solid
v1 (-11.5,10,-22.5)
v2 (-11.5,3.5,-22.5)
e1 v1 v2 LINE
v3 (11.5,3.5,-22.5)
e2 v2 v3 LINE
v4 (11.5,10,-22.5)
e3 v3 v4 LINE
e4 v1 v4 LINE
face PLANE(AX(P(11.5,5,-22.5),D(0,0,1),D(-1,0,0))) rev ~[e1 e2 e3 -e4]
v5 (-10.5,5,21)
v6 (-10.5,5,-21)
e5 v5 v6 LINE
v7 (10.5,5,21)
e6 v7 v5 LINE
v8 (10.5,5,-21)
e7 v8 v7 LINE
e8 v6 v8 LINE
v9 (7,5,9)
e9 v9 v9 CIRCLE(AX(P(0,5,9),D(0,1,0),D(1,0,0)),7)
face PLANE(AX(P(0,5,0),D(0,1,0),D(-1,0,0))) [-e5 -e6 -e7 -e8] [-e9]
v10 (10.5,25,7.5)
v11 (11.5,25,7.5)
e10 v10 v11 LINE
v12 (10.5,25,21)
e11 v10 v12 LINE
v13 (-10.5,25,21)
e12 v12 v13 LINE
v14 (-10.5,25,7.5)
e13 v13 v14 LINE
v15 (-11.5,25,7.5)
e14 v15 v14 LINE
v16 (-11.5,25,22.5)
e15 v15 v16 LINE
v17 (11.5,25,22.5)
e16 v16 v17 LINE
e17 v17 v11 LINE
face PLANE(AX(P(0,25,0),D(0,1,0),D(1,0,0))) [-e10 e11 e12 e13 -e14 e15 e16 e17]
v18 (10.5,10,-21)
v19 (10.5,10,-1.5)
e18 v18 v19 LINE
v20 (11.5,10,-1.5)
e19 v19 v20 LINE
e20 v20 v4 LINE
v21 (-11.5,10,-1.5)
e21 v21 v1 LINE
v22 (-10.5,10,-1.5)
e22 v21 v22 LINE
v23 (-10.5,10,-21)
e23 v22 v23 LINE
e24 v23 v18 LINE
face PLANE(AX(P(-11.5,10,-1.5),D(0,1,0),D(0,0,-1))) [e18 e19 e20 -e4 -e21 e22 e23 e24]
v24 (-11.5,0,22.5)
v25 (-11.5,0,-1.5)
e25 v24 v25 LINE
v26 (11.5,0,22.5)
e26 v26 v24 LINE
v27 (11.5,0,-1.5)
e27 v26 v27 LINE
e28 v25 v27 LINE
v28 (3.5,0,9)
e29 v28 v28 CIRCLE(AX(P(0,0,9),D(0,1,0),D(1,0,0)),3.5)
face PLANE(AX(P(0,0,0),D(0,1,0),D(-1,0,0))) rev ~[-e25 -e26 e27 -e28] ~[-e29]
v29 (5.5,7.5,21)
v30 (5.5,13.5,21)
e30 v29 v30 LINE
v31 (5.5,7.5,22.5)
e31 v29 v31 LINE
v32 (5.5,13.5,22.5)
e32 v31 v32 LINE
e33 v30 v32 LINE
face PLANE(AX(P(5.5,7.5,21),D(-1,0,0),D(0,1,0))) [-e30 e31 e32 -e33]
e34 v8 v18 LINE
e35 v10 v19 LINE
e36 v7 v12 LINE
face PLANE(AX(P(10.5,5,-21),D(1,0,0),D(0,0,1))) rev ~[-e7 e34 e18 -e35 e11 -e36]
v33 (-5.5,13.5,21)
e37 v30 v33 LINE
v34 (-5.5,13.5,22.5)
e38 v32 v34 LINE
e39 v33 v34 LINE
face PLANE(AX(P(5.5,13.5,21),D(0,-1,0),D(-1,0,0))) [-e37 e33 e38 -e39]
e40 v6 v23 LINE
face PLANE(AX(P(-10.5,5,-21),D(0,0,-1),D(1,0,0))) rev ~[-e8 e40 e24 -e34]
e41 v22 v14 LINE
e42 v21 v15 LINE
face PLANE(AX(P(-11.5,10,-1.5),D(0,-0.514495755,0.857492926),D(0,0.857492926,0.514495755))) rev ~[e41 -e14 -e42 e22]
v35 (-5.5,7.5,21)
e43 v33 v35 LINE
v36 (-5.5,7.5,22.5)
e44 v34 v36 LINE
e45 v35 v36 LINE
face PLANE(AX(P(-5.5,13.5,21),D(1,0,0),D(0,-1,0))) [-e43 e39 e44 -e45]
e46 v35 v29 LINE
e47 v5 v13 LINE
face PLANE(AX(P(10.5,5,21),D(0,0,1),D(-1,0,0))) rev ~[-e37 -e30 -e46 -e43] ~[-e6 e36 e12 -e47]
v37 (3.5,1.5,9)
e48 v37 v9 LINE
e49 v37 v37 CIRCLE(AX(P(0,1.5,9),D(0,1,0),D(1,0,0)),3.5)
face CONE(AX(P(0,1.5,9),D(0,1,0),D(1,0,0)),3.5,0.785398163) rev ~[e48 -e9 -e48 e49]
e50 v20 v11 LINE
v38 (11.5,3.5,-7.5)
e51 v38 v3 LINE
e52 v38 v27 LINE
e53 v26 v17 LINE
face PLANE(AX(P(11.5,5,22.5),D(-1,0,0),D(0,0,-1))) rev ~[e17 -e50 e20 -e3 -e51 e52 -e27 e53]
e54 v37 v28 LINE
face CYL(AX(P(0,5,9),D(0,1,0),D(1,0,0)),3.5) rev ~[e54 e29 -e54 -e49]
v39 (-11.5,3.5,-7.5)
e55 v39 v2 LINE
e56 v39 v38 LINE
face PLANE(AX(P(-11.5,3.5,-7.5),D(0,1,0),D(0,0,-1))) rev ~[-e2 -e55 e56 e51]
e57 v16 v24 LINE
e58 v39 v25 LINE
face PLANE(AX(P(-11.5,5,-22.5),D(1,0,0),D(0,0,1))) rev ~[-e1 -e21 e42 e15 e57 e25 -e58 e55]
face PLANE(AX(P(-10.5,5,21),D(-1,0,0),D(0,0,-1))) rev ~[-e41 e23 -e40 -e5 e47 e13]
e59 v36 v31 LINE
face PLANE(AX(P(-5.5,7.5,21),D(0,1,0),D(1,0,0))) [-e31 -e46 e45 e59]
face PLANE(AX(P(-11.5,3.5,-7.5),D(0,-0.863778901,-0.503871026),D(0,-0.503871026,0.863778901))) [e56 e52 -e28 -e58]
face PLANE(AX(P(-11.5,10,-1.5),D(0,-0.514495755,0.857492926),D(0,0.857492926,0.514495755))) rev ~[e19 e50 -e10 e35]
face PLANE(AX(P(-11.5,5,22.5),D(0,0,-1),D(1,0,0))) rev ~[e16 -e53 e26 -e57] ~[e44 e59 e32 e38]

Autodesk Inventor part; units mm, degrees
ref_plane "YZ Plane" through (0, 0, 0) normal (1, 0, 0) x (0, 1, 0)
ref_plane "XZ Plane" through (0, 0, 0) normal (0, 1, 0) x (-1, 0, 0)
ref_plane "XY Plane" through (0, 0, 0) normal (0, 0, 1) x (1, 0, 0)
sketch "Esquisse1" plane through (0, 0, 0) normal (0, 1, 0) x (-1, 0, 0)
  line L0 (-10.5, 21) -> (10.5, 21)
  line L1 (10.5, 21) -> (10.5, -21)
  line L2 (10.5, -21) -> (-10.5, -21)
  line L3 (-10.5, -21) -> (-10.5, 21)
  line L4 (10.5, -21) -> (11.5, -21)
  line L5 (11.5, -21) -> (11.5, 21)
  line L6 (11.5, 21) -> (10.5, 21)
  line L7 (10.5, 21) -> (10.5, -21)
  line L8 (-10.5, 21) -> (-11.5, 21)
  line L9 (-11.5, 21) -> (-11.5, -21)
  line L10 (-11.5, -21) -> (-10.5, -21)
  line L11 (-10.5, -21) -> (-10.5, 21)
  line L12 (11.5, 21) -> (-11.5, 21)
  line L13 (-11.5, 21) -> (-11.5, 22.5)
  line L14 (-11.5, 22.5) -> (11.5, 22.5)
  line L15 (11.5, 22.5) -> (11.5, 21)
  line L16 (11.5, -21) -> (-11.5, -21)
  line L17 (-11.5, -21) -> (-11.5, -22.5)
  line L18 (-11.5, -22.5) -> (11.5, -22.5)
  line L19 (11.5, -22.5) -> (11.5, -21)
  point P0 (0, 0)
  dimension "d0" = 21
  dimension "d1" = 42
  dimension "d2" = 21
  dimension "d3" = 10.5
  dimension "d4" = 1
  dimension "d5" = 1
  dimension "d6" = 1.5
  dimension "d7" = 1.5
extrude "Extrusion1" add sketch "Esquisse1" along normal blind 5
sketch "Esquisse2" plane through (0, 5, 0) normal (0, 1, 0) x (1, 0, 0)
  line L0 (11.5, -22.5) -> (11.5, 22.5) projected
  line L1 (11.5, 22.5) -> (-11.5, 22.5) projected
  line L2 (-11.5, 22.5) -> (-11.5, -22.5) projected
  line L3 (-11.5, -22.5) -> (11.5, -22.5) projected
  line L4 (-10.5, 21) -> (10.5, 21)
  line L5 (10.5, 21) -> (10.5, -21)
  line L6 (10.5, -21) -> (-10.5, -21)
  line L7 (-10.5, -21) -> (-10.5, 21)
  point P0 (0, 0)
  dimension "d10" = 1
  dimension "d11" = 1
  dimension "d12" = 1.5
  dimension "d13" = 1.5
extrude "Extrusion2" add sketch "Esquisse2" along normal blind 20
sketch "Esquisse3" plane through (0, 5, 0) normal (0, 1, 0) x (1, 0, 0)
  line L0 (10.5, -21) -> (10.5, 21) projected
  line L1 (-10.5, 21) -> (-10.5, -21) projected
  line L2 (10.5, -21) -> (0, -21)
  line L3 (0, -21) -> (0, -9) construction
  line L4 (0, -9) -> (10.5, -9) construction
  line L5 (10.5, -9) -> (10.5, -21)
  circle A0 centre (0, -9) radius 3.5
  point P0 (0, 0)
  dimension "d16" = 12
  dimension "d17" = 10.5
  dimension "d18" = 21
  dimension "d19" = 7
extrude "Extrusion3" cut sketch "Esquisse3" against normal through all
sketch "Esquisse4" plane through (-11.5, 0, -22.5) normal (-1, 0, 0) x (0, 0, 1)
  line L0 (45, 0) -> (45, 25) projected
  line L1 (0, 25) -> (21, 25)
  line L2 (21, 25) -> (21, 10) construction
  line L3 (21, 10) -> (0, 10)
  line L4 (0, 10) -> (0, 25)
  line L5 (45, 25) -> (30, 25)
  line L6 (30, 25) -> (30, 10) construction
  line L7 (30, 10) -> (45, 10) construction
  line L8 (45, 10) -> (45, 25)
  line L9 (21, 10) -> (30, 25)
  line L10 (30, 25) -> (21, 25)
  point P0 (22.5, 0)
  dimension "d22" = 15
  dimension "d23" = 24
  dimension "d24" = 15
extrude "Extrusion4" cut sketch "Esquisse4" against normal through all
sketch "Esquisse5" plane through (-11.5, 0, -22.5) normal (-1, 0, 0) x (0, 0, 1)
  line L0 (0, 0) -> (45, 0) projected
  line L1 (45, 0) -> (45, 25) projected
  line L2 (0, 0) -> (15, 0)
  line L3 (15, 0) -> (15, 3.5) construction
  line L4 (15, 3.5) -> (0, 3.5)
  line L5 (0, 3.5) -> (0, 0)
  line L6 (45, 0) -> (21, 0)
  line L7 (21, 0) -> (21, 3.5) construction
  line L8 (21, 3.5) -> (45, 3.5) construction
  line L9 (45, 3.5) -> (45, 0)
  line L10 (15, 3.5) -> (21, 0)
  line L11 (15, 0) -> (21, 0)
  point P0 (22.5, 0)
  dimension "d27" = 3.5
  dimension "d28" = 30
  dimension "d29" = 24
extrude "Extrusion5" cut sketch "Esquisse5" against normal through all
chamfer "Chanfrein1" distance 3.5 angle 45 1 edges at (-3.5, 5, 9)
sketch "Esquisse8" plane through (10.5, 5, 21) normal (0, 0, -1) x (-1, 0, 0)
  line L0 (21, 0) -> (0, 0) projected
  line L1 (21, 0) -> (21, 20) projected
  line L2 (0, 0) -> (0, 20) projected
  line L3 (5, 8.5) -> (16, 8.5)
  line L4 (16, 8.5) -> (16, 2.5)
  line L5 (16, 2.5) -> (5, 2.5)
  line L6 (5, 2.5) -> (5, 8.5)
  point P0 (10.5, -5)
  dimension "d38" = 2.5
  dimension "d39" = 6
  dimension "d40" = 11
  dimension "d41" = 21
  dimension "d42" = 5
extrude "Extrusion6" cut sketch "Esquisse8" against normal through all
equation "\"d2\" = 0.5 * d1"
equation "\"d3\" = 0.5 * d0"
equation "\"d5\" = d4"
equation "\"d7\" = d6"
equation "\"d11\" = d10"
equation "\"d13\" = d12"
equation "\"d17\" = 0.5 * d18"
equation "\"d42\" = -0.5 * d40 + 0.5 * d41"
properties part number "anti_axe_2"
